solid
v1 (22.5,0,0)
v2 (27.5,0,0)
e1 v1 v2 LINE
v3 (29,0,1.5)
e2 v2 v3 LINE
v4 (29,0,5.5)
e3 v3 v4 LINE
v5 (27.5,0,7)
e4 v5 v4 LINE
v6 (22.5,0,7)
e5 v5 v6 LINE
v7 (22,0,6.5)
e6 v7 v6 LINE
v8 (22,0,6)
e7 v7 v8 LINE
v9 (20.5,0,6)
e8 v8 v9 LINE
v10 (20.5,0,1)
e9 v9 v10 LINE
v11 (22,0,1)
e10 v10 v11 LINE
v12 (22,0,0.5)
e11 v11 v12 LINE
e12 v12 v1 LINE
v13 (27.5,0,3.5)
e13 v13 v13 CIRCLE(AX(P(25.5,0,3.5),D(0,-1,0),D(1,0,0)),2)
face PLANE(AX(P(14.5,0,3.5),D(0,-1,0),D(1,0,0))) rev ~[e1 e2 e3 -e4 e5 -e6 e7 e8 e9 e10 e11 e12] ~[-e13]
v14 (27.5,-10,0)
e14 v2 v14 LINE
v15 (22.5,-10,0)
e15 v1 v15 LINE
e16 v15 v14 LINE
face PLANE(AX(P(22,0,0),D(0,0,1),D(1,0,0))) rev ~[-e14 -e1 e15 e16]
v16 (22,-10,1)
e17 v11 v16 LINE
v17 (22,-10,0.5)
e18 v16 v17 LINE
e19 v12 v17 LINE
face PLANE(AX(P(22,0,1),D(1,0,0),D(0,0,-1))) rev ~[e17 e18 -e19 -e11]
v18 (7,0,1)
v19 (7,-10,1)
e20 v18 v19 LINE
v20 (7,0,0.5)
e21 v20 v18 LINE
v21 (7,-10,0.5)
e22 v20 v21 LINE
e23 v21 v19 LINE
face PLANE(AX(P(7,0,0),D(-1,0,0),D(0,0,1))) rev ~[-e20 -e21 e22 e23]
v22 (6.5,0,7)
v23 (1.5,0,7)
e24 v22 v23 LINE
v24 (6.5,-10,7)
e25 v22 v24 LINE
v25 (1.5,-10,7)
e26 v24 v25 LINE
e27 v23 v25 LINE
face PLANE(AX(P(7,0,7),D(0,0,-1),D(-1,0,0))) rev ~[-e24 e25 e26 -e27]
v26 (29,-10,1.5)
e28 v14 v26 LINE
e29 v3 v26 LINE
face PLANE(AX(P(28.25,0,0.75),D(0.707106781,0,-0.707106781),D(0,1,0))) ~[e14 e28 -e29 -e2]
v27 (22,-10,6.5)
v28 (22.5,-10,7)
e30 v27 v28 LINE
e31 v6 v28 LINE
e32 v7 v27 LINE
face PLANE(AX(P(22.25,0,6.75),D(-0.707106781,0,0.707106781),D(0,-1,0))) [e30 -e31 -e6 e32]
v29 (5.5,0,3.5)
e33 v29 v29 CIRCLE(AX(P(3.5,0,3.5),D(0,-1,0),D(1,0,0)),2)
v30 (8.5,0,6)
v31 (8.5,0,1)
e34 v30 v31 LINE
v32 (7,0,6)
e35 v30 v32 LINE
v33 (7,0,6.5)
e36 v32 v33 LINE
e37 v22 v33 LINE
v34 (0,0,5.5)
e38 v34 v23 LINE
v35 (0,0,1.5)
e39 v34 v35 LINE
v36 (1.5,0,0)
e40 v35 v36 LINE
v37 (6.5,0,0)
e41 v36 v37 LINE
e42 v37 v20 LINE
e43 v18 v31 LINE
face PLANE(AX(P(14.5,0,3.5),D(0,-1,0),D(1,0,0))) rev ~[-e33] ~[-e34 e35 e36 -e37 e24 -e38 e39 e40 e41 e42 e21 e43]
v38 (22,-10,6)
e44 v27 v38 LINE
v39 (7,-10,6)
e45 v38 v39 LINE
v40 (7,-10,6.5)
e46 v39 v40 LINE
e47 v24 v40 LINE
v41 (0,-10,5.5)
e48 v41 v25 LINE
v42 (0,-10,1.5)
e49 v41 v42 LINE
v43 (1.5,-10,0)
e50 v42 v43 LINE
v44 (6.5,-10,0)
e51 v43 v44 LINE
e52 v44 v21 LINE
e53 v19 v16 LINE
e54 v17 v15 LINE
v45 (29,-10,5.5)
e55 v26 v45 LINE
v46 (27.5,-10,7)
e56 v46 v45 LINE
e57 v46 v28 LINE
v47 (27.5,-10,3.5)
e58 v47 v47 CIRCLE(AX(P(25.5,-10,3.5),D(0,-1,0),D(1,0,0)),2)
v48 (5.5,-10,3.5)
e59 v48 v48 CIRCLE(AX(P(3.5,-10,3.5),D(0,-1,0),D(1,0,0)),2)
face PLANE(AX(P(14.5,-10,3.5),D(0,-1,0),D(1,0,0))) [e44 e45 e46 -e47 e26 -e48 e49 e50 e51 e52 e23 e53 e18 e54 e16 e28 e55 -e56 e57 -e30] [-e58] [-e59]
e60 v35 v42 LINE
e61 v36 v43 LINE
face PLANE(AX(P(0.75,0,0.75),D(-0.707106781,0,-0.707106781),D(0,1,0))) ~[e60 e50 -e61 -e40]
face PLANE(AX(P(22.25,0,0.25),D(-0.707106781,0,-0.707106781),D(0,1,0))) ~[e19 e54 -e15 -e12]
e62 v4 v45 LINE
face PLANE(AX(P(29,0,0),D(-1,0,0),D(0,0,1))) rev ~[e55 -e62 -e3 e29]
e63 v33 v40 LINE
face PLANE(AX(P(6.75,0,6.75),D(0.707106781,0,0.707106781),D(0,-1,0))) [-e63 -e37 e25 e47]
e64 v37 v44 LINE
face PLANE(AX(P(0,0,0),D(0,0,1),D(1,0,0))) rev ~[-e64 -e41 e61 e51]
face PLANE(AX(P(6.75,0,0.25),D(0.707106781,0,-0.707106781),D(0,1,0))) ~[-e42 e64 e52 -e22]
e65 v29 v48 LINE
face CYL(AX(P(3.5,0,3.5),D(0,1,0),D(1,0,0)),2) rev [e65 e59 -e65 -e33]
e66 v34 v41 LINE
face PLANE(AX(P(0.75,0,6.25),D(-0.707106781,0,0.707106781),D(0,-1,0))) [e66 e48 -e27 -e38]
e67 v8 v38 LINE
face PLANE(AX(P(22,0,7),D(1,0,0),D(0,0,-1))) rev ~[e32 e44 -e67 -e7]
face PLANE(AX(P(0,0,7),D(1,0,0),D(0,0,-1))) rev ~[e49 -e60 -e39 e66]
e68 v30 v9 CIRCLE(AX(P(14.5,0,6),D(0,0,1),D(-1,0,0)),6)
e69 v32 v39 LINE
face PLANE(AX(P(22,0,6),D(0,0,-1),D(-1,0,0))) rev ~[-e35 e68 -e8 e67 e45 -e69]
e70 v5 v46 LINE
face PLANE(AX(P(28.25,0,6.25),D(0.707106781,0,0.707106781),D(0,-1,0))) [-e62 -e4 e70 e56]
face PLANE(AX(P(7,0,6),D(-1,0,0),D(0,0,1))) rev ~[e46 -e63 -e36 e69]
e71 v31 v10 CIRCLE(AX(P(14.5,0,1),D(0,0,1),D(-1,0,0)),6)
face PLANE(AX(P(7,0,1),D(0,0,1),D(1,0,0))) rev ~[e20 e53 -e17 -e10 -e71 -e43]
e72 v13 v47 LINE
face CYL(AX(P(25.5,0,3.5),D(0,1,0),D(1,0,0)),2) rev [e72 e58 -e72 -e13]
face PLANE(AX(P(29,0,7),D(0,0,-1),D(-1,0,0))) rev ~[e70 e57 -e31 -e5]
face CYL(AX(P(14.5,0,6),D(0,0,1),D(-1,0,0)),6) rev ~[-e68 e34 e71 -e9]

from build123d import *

# Parameters (mm, degrees)
SKETCH_R        = 2
PAD_DEPTH       = 10
POCKET_DEPTH    = 6.001
CHAMFER_SIZE    = 1.5
CHAMFER001_SIZE = 0.5


with BuildPart() as part:
    # Sketch → Pad (new body)
    with BuildSketch(Plane.XZ):
        Polygon((0, 7), (0, 0), (7, 0), (7, 1), (22, 1), (22, 0), (29, 0), (29, 7), (22, 7), (22, 6), (7, 6), (7, 7), align=None)
        with Locations((3.5, 3.5)):
            Circle(SKETCH_R, mode=Mode.SUBTRACT)
        with Locations((25.5, 3.5)):
            Circle(SKETCH_R, mode=Mode.SUBTRACT)
    extrude(amount=PAD_DEPTH)

    # Sketch001 (on Face10 of Pad) → Pocket (cut, through all)
    with BuildSketch(Plane(origin=(0, 0, 6), x_dir=(-1, 0, 0), z_dir=(0, 0, 1))):
        with BuildLine():
            ThreePointArc((-8.5, 0), (-14.5, 6), (-20.5, 0))
            Line((-20.5, 0), (-8.5, 0))
        make_face()
    extrude(amount=-POCKET_DEPTH, mode=Mode.SUBTRACT)

    # Chamfer
    chamfer_edges = [part.edges().sort_by_distance(p)[0] for p in [
        (0, -5, 0),
        (0, -5, 7),
        (29, -5, 0),
        (29, -5, 7),
    ]]
    chamfer(chamfer_edges, length=CHAMFER_SIZE)

    # Chamfer001
    chamfer001_edges = [part.edges().sort_by_distance(p)[0] for p in [
        (7, -5, 7),
        (22, -5, 7),
        (7, -5, 0),
        (22, -5, 0),
    ]]
    chamfer(chamfer001_edges, length=CHAMFER001_SIZE)


solid = part.part
